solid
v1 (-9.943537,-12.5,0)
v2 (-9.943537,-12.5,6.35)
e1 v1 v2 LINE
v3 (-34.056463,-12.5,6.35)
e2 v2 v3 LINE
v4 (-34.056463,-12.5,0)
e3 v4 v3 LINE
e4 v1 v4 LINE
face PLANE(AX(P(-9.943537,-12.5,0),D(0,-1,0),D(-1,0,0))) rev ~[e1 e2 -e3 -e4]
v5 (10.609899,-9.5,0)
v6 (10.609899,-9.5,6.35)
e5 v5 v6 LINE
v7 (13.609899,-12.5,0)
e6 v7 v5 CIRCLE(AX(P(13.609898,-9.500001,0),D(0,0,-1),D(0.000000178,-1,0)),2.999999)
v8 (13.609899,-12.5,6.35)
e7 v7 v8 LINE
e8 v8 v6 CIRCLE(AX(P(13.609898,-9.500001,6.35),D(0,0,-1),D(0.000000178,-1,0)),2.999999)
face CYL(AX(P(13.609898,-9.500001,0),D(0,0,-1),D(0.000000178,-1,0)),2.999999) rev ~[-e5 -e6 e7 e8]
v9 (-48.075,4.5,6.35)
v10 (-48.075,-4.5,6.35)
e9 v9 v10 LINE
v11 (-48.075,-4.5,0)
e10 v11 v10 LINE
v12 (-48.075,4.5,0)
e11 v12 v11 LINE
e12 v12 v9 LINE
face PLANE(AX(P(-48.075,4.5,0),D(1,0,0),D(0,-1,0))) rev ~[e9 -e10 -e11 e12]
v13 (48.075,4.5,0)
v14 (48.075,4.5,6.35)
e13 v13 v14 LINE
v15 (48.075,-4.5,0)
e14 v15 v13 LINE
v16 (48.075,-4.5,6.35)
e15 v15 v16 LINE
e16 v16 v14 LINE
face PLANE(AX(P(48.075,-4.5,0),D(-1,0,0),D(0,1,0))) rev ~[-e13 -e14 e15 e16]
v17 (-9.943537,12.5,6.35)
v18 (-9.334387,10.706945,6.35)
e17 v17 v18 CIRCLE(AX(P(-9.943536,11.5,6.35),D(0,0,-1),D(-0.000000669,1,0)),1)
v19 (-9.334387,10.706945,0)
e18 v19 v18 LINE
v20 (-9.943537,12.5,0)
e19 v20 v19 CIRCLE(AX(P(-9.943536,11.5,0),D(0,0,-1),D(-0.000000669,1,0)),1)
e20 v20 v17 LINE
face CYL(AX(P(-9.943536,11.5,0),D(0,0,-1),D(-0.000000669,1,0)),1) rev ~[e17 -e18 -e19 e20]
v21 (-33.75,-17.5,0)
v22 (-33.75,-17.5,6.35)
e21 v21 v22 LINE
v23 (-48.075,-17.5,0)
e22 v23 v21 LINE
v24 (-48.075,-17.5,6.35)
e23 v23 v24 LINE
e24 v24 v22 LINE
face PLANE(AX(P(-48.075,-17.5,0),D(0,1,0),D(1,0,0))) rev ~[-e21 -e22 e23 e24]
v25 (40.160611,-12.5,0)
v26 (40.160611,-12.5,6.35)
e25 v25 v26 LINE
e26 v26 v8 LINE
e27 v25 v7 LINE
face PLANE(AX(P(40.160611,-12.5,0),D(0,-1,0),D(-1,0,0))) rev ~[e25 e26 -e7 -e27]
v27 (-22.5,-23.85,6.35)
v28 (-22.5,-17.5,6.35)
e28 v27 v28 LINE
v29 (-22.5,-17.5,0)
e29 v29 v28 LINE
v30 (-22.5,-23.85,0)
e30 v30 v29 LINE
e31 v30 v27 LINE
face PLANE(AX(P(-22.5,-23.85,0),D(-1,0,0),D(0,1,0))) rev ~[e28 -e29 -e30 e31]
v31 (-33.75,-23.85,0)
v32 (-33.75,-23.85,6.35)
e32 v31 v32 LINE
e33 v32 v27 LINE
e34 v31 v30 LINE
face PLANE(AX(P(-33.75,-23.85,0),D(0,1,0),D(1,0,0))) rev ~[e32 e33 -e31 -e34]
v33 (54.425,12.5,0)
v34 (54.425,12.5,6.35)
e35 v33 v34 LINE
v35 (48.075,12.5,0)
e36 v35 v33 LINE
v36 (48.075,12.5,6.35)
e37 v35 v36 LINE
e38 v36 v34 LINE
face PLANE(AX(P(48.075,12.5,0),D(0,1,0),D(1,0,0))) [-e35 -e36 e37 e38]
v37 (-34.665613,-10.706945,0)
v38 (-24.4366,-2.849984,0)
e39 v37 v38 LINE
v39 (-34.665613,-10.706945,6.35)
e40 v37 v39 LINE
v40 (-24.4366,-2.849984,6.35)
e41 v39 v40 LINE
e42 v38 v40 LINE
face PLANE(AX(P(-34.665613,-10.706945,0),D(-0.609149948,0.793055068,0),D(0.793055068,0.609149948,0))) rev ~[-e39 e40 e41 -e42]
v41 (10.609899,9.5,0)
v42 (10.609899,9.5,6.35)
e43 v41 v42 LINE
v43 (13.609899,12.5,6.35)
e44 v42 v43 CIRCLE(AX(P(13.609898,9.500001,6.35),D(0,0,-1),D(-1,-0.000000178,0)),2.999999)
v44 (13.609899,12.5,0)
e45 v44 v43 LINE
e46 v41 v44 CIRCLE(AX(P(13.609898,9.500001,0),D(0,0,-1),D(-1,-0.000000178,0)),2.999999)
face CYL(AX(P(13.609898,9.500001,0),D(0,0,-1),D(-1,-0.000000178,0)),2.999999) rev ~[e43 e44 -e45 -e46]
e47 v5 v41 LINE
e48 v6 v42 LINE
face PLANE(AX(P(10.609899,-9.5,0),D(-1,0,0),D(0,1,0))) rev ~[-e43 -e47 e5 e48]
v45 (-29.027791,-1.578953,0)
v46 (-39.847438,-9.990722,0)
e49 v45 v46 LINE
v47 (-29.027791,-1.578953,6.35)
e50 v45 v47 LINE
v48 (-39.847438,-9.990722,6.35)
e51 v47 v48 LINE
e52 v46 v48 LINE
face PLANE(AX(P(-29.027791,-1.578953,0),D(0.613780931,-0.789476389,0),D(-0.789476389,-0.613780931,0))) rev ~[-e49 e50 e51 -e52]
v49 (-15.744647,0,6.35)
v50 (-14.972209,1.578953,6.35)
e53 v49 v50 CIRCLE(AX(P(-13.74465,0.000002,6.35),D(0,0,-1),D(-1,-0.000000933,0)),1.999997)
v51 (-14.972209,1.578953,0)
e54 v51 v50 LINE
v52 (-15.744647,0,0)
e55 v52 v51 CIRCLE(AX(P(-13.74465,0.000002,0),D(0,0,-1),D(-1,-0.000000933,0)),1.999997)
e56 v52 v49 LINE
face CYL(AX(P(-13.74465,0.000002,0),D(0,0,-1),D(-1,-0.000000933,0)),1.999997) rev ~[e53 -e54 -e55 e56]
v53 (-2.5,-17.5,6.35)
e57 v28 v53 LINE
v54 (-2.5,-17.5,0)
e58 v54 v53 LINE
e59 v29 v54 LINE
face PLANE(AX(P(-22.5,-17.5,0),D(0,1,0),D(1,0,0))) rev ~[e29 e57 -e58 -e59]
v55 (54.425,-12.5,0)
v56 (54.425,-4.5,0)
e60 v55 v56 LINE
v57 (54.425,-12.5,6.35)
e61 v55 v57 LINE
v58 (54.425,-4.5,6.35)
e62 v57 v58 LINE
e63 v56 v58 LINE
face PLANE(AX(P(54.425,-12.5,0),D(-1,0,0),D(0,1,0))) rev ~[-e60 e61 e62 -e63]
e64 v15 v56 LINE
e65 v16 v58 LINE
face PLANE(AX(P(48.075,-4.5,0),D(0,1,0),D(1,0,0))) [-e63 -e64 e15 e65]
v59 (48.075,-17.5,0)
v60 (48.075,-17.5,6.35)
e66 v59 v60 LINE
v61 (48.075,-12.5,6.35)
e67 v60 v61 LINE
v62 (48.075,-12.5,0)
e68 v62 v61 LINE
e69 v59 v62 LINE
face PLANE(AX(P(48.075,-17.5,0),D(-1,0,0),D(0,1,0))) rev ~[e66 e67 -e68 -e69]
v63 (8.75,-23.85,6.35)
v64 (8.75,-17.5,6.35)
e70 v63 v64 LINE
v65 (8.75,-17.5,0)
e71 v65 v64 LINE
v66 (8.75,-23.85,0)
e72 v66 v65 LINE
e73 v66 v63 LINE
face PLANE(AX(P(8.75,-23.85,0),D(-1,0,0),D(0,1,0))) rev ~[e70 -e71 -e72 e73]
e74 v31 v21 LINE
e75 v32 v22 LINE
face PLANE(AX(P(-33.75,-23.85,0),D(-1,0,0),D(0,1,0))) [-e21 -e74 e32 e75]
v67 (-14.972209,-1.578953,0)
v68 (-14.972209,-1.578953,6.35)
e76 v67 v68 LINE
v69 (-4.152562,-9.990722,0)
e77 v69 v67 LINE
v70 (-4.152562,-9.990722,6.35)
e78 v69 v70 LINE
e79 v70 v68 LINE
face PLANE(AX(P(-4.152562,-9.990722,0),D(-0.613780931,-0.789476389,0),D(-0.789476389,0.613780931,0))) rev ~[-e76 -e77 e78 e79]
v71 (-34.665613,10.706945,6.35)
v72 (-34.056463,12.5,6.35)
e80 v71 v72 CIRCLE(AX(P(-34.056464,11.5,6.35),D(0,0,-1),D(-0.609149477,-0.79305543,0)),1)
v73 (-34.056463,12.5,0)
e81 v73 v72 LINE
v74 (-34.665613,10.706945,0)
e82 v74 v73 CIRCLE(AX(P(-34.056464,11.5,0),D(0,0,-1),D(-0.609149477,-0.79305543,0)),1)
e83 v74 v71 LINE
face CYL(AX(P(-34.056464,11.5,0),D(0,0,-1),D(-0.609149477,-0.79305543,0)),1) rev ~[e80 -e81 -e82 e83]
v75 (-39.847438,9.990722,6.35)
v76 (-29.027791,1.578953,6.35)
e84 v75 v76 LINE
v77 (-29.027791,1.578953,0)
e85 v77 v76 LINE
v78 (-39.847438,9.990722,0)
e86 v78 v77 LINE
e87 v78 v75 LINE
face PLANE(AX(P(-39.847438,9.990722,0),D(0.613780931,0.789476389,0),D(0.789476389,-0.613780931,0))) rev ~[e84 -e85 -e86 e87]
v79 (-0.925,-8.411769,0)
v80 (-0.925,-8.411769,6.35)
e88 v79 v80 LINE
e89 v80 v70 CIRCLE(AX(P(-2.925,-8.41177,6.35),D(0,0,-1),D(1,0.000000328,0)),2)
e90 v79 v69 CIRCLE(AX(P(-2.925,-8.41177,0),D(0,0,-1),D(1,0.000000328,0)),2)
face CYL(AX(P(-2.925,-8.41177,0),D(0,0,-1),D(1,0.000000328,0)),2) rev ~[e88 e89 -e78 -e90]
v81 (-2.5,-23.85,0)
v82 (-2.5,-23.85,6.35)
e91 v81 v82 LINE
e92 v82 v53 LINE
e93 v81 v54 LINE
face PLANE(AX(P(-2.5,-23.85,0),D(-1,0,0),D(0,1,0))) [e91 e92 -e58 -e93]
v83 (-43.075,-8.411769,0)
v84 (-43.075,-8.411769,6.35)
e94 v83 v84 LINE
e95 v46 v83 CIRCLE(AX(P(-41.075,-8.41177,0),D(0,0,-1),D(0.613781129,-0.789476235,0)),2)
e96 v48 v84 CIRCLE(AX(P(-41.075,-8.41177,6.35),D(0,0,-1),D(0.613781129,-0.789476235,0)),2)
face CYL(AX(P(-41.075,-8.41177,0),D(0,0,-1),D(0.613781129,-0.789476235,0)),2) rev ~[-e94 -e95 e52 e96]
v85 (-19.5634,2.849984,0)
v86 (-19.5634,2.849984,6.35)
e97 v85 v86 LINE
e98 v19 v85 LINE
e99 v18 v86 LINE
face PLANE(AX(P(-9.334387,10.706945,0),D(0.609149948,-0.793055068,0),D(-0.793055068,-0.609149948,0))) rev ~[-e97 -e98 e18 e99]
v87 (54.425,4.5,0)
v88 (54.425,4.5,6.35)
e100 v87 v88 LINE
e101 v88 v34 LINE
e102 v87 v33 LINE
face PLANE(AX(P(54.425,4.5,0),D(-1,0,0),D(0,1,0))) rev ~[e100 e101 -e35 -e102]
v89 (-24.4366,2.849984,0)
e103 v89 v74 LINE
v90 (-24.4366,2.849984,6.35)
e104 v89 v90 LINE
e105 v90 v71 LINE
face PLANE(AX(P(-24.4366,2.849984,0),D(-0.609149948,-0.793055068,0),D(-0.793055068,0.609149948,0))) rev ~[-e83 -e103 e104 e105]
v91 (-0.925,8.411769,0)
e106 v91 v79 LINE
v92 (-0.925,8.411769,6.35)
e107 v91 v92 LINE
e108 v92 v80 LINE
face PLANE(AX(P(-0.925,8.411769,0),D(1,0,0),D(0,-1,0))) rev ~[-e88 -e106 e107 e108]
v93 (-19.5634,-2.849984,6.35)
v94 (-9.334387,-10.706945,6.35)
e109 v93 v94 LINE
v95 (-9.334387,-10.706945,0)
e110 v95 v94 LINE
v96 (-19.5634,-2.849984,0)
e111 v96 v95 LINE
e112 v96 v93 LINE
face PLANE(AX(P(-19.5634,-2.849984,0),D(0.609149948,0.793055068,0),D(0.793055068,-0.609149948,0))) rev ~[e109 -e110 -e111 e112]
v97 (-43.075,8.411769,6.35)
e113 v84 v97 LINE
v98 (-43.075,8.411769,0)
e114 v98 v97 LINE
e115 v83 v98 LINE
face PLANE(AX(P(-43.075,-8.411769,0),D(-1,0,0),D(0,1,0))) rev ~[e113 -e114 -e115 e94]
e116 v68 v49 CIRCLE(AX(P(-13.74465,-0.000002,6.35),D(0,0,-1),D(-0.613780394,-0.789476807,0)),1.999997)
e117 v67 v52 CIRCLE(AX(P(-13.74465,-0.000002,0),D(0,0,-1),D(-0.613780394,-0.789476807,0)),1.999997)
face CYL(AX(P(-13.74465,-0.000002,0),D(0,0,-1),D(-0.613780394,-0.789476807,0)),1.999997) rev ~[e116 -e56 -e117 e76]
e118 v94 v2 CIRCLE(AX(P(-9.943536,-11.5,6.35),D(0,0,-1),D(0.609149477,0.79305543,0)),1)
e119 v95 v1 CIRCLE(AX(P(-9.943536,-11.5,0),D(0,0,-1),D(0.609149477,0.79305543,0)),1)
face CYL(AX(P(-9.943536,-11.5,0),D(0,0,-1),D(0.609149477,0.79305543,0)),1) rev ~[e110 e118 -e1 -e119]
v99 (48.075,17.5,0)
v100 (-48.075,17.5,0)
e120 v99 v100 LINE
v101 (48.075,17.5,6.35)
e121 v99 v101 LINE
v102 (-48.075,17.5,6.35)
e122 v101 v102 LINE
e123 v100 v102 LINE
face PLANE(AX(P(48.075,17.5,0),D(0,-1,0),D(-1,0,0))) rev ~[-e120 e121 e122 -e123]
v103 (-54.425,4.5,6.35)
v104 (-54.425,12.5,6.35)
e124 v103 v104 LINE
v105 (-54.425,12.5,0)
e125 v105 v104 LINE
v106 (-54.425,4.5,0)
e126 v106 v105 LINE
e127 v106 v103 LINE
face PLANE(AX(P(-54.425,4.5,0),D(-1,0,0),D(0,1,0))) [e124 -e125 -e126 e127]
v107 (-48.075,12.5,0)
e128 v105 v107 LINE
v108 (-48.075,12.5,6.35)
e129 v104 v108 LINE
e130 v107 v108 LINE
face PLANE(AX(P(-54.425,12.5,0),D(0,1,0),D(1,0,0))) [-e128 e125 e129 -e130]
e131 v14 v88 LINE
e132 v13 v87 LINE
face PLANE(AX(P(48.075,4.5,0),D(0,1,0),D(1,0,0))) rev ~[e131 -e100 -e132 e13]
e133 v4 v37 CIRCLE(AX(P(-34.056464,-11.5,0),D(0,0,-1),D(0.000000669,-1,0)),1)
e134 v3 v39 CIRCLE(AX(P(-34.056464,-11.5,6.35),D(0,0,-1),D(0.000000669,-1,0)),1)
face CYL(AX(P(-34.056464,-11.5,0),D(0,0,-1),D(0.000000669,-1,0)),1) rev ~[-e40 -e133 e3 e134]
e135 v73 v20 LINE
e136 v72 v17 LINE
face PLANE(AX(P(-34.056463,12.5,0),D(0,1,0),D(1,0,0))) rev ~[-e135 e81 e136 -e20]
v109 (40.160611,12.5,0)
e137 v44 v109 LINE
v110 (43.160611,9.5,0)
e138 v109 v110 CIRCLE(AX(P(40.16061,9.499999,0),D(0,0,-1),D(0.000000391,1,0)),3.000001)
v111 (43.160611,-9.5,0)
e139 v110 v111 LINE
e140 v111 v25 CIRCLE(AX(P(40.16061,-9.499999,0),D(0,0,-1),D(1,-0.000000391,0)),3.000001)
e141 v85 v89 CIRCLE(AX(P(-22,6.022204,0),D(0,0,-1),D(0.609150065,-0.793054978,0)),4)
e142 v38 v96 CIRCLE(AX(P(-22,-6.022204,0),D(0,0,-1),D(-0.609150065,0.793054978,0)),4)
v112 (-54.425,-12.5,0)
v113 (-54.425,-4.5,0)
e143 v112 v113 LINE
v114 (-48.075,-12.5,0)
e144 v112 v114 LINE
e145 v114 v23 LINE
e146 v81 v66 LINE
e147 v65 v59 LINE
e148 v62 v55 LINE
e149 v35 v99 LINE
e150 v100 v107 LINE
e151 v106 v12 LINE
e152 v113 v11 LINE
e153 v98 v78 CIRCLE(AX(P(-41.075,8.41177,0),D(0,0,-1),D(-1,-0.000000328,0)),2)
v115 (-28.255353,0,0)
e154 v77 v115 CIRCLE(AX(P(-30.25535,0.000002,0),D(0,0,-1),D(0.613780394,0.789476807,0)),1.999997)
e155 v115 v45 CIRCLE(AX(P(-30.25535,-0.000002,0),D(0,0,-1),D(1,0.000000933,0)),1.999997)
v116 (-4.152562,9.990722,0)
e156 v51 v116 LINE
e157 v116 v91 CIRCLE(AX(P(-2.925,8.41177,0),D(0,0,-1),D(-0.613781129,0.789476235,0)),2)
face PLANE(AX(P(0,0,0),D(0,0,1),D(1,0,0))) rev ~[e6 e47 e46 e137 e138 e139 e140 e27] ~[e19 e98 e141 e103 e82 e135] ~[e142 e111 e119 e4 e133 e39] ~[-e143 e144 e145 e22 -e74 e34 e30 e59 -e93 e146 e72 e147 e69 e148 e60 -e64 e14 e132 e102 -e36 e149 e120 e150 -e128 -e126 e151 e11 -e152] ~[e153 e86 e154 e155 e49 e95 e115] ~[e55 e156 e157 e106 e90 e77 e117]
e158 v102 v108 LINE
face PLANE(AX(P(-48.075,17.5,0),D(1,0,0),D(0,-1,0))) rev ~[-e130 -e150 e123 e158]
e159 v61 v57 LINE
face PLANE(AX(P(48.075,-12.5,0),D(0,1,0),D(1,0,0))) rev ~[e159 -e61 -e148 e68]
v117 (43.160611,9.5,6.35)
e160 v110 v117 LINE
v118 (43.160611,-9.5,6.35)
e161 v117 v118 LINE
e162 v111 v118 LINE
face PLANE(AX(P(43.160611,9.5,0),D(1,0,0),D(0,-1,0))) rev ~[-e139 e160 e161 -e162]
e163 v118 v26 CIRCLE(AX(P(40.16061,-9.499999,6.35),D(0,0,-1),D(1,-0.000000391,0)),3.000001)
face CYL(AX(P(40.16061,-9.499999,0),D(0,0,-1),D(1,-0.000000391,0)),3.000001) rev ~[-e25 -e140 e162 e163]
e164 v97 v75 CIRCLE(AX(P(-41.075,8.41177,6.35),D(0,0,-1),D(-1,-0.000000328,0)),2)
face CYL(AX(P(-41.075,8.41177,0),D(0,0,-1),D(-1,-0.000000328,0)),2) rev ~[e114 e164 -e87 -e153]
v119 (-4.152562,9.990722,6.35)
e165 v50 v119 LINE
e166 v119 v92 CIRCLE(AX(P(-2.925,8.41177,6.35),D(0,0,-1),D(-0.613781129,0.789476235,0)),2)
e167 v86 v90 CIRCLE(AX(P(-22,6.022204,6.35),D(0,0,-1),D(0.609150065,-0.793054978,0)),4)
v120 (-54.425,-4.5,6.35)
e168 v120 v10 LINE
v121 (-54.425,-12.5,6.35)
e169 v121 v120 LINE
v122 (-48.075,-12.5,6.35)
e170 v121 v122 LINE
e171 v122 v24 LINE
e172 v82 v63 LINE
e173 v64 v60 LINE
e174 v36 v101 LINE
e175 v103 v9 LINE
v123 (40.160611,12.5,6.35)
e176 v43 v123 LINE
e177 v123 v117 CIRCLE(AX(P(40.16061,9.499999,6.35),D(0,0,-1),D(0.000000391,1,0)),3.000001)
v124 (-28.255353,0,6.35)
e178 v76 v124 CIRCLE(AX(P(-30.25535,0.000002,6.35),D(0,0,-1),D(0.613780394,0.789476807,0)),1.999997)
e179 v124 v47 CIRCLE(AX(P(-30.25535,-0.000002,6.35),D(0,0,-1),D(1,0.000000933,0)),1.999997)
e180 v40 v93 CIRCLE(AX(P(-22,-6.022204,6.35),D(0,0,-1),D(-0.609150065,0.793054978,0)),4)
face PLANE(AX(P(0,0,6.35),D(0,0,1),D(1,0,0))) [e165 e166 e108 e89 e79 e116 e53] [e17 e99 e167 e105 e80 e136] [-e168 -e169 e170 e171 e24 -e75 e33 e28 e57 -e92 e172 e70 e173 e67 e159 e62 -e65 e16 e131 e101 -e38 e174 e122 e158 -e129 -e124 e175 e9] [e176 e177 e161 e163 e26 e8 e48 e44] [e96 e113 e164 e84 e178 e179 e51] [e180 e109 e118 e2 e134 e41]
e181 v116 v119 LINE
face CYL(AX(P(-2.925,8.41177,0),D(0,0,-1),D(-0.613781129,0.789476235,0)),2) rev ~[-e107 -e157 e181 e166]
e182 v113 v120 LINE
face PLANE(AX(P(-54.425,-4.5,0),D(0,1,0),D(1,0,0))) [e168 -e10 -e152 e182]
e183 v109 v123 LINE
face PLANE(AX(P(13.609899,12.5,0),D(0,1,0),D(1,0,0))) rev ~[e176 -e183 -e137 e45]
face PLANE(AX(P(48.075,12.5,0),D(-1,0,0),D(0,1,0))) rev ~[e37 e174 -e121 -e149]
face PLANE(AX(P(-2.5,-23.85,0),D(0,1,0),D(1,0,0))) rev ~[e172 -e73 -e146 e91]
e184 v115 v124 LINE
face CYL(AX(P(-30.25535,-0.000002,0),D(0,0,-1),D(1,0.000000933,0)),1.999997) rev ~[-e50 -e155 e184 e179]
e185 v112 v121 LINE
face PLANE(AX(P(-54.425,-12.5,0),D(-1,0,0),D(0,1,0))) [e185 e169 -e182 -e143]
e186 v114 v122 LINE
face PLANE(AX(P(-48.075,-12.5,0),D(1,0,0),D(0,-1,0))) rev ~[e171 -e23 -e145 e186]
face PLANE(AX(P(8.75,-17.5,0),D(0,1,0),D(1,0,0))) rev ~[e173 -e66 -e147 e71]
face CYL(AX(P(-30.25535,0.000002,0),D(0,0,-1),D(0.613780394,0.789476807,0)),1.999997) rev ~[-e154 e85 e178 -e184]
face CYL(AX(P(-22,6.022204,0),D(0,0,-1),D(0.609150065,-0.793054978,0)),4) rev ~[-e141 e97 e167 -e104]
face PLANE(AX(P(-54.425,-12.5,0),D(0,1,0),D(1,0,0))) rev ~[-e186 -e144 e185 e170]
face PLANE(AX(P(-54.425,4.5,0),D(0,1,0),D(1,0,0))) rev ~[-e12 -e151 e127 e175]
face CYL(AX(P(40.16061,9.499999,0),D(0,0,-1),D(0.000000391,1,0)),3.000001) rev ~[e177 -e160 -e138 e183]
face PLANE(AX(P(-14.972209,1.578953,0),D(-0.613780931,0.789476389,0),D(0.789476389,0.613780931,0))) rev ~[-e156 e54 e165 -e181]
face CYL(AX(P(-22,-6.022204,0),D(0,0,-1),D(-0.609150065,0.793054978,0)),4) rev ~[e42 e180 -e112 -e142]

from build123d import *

# Parameters (mm, degrees)
F0_W     = 6.35
F0_H     = 8
F0_W_2   = 11.25
F0_H_2   = 6.35
F1_DEPTH = 6.35


with BuildPart() as f1:
    # F0 (on Top) → F1 (new body)
    with BuildSketch(Plane.XY):
        Polygon((48.075, 17.5), (-48.075, 17.5), (-48.075, 12.5), (-48.075, 4.5), (-48.075, -4.5), (-48.075, -12.5), (-48.075, -17.5), (-33.75, -17.5), (-22.5, -17.5), (-2.5, -17.5), (8.75, -17.5), (48.075, -17.5), (48.075, -12.5), (48.075, -4.5), (48.075, 4.5), (48.075, 12.5), align=None)
        with BuildLine():
            ThreePointArc((-34.056463, -12.5), (-35.003315, -11.821671), (-34.665613, -10.706945))
            Line((-34.665613, -10.706945), (-24.4366, -2.849984))
            ThreePointArc((-24.4366, -2.849984), (-22, -2.022204), (-19.5634, -2.849984))
            Line((-19.5634, -2.849984), (-9.334387, -10.706945))
            ThreePointArc((-9.334387, -10.706945), (-8.996685, -11.821671), (-9.943537, -12.5))
            Line((-9.943537, -12.5), (-34.056463, -12.5))
        make_face(mode=Mode.SUBTRACT)
        with BuildLine():
            Line((-43.075, -8.411769), (-43.075, 0))
            Line((-43.075, 0), (-43.075, 8.411769))
            ThreePointArc((-43.075, 8.411769), (-41.953885, 10.208311), (-39.847438, 9.990722))
            Line((-39.847438, 9.990722), (-29.027791, 1.578953))
            ThreePointArc((-29.027791, 1.578953), (-28.458811, 0.878885), (-28.255353, 0))
            ThreePointArc((-28.255353, 0), (-28.458811, -0.878885), (-29.027791, -1.578953))
            Line((-29.027791, -1.578953), (-39.847438, -9.990722))
            ThreePointArc((-39.847438, -9.990722), (-41.953885, -10.208311), (-43.075, -8.411769))
        make_face(mode=Mode.SUBTRACT)
        with BuildLine():
            Line((-4.152562, -9.990722), (-14.972209, -1.578953))
            ThreePointArc((-14.972209, -1.578953), (-15.541189, -0.878885), (-15.744647, 0))
            ThreePointArc((-15.744647, 0), (-15.541189, 0.878885), (-14.972209, 1.578953))
            Line((-14.972209, 1.578953), (-4.152562, 9.990722))
            ThreePointArc((-4.152562, 9.990722), (-2.046115, 10.208311), (-0.925, 8.411769))
            Line((-0.925, 8.411769), (-0.925, 0))
            Line((-0.925, 0), (-0.925, -8.411769))
            ThreePointArc((-0.925, -8.411769), (-2.046115, -10.208311), (-4.152562, -9.990722))
        make_face(mode=Mode.SUBTRACT)
        with BuildLine():
            Line((-24.4366, 2.849984), (-34.665613, 10.706945))
            ThreePointArc((-34.665613, 10.706945), (-35.003315, 11.821671), (-34.056463, 12.5))
            Line((-34.056463, 12.5), (-9.943537, 12.5))
            ThreePointArc((-9.943537, 12.5), (-8.996685, 11.821671), (-9.334387, 10.706945))
            Line((-9.334387, 10.706945), (-19.5634, 2.849984))
            ThreePointArc((-19.5634, 2.849984), (-22, 2.022204), (-24.4366, 2.849984))
        make_face(mode=Mode.SUBTRACT)
        with BuildLine():
            Line((13.609899, 12.5), (40.160611, 12.5))
            ThreePointArc((40.160611, 12.5), (42.281931, 11.62132), (43.160611, 9.5))
            Line((43.160611, 9.5), (43.160611, -9.5))
            ThreePointArc((43.160611, -9.5), (42.281931, -11.62132), (40.160611, -12.5))
            Line((40.160611, -12.5), (13.609899, -12.5))
            ThreePointArc((13.609899, -12.5), (11.488578, -11.62132), (10.609899, -9.5))
            Line((10.609899, -9.5), (10.609899, 9.5))
            ThreePointArc((10.609899, 9.5), (11.488578, 11.62132), (13.609899, 12.5))
        make_face(mode=Mode.SUBTRACT)
        with Locations((-51.25, 8.5)):
            Rectangle(F0_W, F0_H)
        with Locations((-51.25, -8.5)):
            Rectangle(F0_W, F0_H)
        with Locations((-28.125, -20.675)):
            Rectangle(F0_W_2, F0_H_2)
        with Locations((3.125, -20.675)):
            Rectangle(F0_W_2, F0_H_2)
        with Locations((51.25, -8.5)):
            Rectangle(F0_W, F0_H)
        with Locations((51.25, 8.5)):
            Rectangle(F0_W, F0_H)
    extrude(amount=F1_DEPTH)


solid = f1.part
